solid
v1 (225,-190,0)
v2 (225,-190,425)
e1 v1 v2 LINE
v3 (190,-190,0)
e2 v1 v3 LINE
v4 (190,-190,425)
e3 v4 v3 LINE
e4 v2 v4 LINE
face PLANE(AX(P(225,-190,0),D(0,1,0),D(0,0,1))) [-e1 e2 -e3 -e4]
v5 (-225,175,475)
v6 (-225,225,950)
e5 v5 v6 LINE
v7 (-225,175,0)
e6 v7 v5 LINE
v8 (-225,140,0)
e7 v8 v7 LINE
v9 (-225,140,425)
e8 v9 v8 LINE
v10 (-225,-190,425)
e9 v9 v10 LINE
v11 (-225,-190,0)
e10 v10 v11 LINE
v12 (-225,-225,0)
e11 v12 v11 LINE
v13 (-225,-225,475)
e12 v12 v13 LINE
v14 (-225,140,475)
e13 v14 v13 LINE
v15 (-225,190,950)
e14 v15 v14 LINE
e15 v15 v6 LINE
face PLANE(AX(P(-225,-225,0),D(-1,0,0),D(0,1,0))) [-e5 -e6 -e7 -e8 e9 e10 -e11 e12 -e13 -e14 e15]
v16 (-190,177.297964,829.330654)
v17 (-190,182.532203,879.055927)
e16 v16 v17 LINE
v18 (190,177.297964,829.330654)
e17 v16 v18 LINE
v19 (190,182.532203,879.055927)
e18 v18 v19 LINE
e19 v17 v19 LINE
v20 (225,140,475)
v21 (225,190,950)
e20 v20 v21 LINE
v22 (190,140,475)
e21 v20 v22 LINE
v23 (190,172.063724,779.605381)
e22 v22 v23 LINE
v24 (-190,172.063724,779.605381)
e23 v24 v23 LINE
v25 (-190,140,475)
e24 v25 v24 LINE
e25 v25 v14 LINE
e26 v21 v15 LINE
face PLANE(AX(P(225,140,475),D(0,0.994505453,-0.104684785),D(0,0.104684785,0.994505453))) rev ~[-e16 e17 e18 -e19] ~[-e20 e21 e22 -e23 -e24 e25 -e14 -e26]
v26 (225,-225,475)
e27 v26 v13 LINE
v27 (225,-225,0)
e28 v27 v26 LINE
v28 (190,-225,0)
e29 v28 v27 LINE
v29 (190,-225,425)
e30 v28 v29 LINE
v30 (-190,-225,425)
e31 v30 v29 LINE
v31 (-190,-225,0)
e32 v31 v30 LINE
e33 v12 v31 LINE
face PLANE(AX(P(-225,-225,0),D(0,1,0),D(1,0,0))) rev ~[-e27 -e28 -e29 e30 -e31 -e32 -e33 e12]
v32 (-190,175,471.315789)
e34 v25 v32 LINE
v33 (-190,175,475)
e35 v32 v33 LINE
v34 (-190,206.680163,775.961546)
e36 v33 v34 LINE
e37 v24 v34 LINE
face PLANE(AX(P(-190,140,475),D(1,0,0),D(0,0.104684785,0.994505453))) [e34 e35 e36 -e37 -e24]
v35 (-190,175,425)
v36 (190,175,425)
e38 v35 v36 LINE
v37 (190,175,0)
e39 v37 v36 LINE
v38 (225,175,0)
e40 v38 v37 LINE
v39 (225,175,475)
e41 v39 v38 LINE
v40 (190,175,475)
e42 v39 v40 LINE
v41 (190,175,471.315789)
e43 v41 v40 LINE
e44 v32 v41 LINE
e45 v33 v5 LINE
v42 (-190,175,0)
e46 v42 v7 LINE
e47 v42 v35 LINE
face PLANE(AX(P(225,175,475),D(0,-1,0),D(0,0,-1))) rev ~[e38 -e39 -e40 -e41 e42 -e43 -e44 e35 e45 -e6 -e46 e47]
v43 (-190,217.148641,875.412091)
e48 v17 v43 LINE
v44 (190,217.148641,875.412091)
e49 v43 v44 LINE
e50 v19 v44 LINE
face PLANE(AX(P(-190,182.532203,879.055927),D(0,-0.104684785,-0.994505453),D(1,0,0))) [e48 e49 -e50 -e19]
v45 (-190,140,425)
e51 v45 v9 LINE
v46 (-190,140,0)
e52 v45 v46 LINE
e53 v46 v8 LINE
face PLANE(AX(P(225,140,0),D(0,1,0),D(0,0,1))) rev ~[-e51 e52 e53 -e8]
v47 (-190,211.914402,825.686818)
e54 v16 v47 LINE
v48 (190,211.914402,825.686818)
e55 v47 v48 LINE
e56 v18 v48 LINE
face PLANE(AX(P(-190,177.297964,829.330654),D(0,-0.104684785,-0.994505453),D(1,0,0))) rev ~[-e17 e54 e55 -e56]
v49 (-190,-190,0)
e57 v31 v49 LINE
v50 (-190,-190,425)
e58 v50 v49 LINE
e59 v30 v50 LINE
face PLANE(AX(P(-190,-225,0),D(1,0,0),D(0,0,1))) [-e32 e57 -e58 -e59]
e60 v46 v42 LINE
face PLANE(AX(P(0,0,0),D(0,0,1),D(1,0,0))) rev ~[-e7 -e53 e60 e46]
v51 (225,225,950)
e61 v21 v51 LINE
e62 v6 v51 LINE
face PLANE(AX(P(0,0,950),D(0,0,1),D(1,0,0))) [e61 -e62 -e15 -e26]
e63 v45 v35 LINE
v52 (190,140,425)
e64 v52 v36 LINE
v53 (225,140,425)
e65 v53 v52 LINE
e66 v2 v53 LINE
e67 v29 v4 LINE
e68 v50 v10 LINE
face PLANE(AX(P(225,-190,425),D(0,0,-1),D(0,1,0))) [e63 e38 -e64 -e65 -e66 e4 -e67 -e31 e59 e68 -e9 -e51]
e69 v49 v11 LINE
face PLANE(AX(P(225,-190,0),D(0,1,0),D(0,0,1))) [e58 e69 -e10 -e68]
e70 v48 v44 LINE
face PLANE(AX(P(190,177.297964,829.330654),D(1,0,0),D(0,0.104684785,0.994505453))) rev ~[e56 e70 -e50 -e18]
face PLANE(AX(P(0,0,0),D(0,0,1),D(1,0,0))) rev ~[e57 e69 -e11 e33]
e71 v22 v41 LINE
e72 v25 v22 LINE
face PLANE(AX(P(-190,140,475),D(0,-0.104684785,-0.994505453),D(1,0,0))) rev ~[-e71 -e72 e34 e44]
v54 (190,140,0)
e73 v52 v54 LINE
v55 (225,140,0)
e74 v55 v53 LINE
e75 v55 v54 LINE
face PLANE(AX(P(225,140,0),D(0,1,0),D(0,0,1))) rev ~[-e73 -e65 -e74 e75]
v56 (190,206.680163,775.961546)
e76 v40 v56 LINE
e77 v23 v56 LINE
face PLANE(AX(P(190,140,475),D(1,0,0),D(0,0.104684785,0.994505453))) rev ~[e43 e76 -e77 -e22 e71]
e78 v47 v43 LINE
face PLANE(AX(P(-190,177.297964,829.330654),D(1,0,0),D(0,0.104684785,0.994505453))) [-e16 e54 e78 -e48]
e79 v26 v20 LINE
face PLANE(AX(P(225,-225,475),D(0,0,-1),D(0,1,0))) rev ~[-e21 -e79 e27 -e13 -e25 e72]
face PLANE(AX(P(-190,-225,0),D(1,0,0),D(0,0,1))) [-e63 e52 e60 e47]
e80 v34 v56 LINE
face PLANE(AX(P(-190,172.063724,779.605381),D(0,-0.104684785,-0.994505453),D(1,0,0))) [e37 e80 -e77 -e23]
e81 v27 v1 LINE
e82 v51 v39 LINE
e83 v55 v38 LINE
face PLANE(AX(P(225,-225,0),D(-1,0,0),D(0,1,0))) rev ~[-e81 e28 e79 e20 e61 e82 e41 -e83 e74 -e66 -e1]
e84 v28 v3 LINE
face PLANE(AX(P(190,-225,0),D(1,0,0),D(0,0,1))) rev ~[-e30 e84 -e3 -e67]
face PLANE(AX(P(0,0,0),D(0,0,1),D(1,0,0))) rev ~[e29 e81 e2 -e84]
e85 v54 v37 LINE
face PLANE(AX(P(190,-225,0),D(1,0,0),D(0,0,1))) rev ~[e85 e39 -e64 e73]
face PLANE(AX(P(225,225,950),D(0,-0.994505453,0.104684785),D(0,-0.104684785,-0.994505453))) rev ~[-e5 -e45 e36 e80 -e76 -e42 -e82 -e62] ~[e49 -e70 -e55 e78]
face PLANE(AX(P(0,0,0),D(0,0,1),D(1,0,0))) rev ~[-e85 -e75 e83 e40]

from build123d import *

# Parameters (mm, degrees)
F0_W     = 450
F0_H     = 450
F1_DEPTH = 950
F2_W     = 50
F2_H     = 50
F2_H_2   = 425
F2_W_2   = 330
F3_DEPTH = 450.001
F4_W     = 380
F4_H     = 425
F5_DEPTH = 450.001
F6_W     = 380
F6_H     = 50
F6_H_2   = 306.2882968217
F7_DEPTH = 134.2592361444


with BuildPart() as f1:
    # F0 (on Top) → F1 (new body)
    with BuildSketch(Plane.XY):
        Rectangle(F0_W, F0_H)
    extrude(amount=F1_DEPTH)

    # F2 (on face) → F3 (cut, through all)
    with BuildSketch(Plane.YZ.offset(225)):
        Polygon((-225, 475), (140, 475), (190, 950), (-225, 950), align=None)
        Polygon((175, 475), (225, 475), (225, 950), align=None)
        with Locations((200, 450)):
            Rectangle(F2_W, F2_H)
        with Locations((200, 212.5)):
            Rectangle(F2_W, F2_H_2)
        with Locations((-25, 212.5)):
            Rectangle(F2_W_2, F2_H_2)
    extrude(amount=-F3_DEPTH, mode=Mode.SUBTRACT)

    # F4 (on face) → F5 (cut, through all)
    with BuildSketch(Plane.XZ.offset(225)):
        with Locations((0, 212.5)):
            Rectangle(F4_W, F4_H)
    extrude(amount=-F5_DEPTH, mode=Mode.SUBTRACT)

    # F6 (on face) → F7 (cut, through all)
    with BuildSketch(Plane(origin=(0, 89.0136986301, -9.3698630137), x_dir=(1, 0, 0), z_dir=(0, -0.9945054529, 0.1046847845))):
        with Locations((0, 868.3342567919)):
            Rectangle(F6_W, F6_H)
        with Locations((0, 640.190108381)):
            Rectangle(F6_W, F6_H_2)
    extrude(amount=-F7_DEPTH, mode=Mode.SUBTRACT)


solid = f1.part
